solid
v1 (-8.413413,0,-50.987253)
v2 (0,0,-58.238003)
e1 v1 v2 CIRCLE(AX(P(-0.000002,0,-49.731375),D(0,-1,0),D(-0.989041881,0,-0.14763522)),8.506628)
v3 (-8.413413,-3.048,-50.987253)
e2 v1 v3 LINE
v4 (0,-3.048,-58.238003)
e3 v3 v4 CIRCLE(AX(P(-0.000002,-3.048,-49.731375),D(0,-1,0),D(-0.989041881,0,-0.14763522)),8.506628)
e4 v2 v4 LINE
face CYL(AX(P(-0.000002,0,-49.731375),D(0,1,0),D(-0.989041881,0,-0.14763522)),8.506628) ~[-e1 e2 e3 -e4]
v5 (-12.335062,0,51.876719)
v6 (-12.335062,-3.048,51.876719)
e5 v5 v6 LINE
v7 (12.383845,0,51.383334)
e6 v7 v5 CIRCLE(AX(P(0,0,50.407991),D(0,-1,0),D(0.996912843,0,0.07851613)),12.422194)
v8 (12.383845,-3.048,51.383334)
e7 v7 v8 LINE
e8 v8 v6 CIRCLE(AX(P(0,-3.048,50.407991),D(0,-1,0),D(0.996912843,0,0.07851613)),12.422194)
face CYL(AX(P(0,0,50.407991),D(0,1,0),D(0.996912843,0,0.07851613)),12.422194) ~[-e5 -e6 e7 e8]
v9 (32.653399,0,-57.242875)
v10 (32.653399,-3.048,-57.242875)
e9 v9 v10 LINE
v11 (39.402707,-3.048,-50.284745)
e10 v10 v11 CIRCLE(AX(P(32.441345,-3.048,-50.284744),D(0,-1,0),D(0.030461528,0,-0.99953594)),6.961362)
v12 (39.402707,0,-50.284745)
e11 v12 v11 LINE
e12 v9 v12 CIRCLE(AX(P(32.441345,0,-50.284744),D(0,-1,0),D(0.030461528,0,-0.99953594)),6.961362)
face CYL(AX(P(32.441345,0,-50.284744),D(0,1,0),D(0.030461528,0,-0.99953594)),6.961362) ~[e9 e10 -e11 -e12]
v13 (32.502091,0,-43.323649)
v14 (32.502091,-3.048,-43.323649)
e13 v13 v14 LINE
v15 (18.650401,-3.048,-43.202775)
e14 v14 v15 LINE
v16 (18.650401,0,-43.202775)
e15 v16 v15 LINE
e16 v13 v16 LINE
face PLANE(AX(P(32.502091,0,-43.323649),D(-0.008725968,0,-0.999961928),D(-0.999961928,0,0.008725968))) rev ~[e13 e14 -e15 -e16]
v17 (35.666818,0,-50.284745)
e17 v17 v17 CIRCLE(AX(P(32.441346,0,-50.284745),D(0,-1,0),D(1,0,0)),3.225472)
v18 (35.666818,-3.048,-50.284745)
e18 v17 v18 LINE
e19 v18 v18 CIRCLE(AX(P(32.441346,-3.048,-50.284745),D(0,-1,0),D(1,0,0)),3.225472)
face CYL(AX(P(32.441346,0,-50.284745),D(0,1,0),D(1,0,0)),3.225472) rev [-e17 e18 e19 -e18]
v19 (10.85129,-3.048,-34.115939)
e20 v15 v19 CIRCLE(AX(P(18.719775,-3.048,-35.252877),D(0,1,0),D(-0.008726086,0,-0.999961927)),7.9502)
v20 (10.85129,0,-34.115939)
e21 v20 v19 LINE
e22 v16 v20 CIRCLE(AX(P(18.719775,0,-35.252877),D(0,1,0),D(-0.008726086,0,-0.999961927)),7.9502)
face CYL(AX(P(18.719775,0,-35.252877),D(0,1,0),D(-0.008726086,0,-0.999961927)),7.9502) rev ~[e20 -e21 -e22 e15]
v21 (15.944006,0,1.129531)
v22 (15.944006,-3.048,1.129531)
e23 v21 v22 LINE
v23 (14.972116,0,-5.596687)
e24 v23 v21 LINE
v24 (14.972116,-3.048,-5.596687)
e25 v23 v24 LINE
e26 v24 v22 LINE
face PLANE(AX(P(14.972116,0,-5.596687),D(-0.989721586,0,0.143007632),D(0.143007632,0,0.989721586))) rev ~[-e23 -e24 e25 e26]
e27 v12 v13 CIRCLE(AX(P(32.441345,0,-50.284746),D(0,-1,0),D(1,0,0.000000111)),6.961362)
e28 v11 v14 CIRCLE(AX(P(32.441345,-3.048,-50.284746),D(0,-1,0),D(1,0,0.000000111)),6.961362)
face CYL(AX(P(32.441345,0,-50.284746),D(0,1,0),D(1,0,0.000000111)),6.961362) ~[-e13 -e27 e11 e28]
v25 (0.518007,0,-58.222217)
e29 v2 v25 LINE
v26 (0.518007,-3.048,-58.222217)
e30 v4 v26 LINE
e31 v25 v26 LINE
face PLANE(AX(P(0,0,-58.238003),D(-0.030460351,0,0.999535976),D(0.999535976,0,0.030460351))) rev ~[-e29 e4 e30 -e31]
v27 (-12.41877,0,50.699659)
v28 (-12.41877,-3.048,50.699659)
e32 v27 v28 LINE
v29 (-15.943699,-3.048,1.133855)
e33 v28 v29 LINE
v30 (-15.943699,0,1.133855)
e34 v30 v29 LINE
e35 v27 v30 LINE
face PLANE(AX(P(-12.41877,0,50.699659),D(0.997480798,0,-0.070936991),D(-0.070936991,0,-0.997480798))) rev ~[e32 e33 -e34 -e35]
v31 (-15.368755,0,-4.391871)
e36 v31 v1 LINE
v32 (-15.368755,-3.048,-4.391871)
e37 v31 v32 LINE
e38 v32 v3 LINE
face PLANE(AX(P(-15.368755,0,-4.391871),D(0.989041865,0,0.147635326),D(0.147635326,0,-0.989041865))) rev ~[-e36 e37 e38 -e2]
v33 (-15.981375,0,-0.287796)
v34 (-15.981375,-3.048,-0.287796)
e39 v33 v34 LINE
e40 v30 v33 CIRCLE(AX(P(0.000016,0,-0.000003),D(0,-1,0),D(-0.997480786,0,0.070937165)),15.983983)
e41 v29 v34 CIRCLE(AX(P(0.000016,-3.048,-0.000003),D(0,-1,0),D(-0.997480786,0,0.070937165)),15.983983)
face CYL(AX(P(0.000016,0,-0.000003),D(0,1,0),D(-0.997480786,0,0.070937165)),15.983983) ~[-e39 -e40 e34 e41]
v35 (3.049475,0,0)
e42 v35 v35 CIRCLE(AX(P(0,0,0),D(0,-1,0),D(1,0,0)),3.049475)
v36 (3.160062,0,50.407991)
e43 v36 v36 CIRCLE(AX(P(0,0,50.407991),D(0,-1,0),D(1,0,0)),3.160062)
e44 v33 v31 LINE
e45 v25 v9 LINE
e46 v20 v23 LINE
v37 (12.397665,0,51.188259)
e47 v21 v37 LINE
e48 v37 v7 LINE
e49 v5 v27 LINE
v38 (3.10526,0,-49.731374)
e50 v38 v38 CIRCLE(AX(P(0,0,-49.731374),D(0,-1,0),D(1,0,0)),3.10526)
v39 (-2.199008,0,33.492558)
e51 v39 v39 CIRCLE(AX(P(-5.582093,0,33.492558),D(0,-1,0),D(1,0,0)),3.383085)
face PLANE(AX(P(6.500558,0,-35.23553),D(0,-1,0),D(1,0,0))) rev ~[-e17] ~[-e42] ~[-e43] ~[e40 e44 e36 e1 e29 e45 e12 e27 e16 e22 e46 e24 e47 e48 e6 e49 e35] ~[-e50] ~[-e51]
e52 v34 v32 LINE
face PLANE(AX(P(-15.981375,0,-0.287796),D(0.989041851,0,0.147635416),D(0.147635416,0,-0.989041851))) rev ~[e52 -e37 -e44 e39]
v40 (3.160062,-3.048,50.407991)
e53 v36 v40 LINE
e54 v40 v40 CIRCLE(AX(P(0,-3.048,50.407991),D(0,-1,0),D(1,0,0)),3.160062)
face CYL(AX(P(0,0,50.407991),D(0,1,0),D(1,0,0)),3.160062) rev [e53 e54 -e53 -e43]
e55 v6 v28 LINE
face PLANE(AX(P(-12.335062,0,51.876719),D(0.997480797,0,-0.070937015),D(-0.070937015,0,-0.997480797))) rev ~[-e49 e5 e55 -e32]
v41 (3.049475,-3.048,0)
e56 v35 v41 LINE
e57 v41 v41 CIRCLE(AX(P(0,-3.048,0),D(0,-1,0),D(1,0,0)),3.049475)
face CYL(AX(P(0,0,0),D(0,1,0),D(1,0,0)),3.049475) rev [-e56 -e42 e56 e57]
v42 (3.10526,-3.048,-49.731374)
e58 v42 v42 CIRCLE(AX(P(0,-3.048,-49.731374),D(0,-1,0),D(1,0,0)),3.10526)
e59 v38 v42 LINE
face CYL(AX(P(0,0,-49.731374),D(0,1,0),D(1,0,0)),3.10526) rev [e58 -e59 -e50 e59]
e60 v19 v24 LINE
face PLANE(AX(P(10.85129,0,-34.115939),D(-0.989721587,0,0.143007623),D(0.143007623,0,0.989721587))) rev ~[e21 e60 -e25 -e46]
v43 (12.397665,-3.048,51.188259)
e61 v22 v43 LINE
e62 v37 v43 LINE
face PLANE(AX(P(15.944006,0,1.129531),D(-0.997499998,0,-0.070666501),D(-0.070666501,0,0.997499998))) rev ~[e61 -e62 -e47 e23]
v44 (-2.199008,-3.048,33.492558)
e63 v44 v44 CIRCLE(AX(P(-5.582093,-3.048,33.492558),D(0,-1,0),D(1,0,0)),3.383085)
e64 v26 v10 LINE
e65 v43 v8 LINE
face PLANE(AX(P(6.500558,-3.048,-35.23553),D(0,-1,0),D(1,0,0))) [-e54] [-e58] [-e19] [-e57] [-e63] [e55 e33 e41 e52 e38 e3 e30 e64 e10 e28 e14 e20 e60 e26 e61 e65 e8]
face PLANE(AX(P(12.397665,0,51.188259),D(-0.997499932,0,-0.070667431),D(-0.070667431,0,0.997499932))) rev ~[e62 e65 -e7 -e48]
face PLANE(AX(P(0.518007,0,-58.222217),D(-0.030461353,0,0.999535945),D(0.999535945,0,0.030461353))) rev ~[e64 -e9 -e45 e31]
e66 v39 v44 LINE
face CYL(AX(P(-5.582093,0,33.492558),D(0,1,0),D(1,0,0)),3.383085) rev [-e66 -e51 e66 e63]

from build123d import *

# Parameters (mm, degrees)
F0_R     = 3.383085
F0_R_2   = 3.160062
F0_R_3   = 3.049475
F0_R_4   = 3.225472
F0_R_5   = 3.10526
F1_DEPTH = 3.048


with BuildPart() as f1:
    # F0 (on Front) → F1 (new body)
    with BuildSketch(Plane.XZ):
        with BuildLine():
            Line((10.85129, -34.115939), (14.972116, -5.596687))
            ThreePointArc((14.972116, -5.596687), (-0.634213, -15.971379), (-15.368755, -4.391871))
            Line((-15.368755, -4.391871), (-8.413413, -50.987253))
            ThreePointArc((-8.413413, -50.987253), (-0.629667, -41.24808), (8.50663, -49.731374))
            ThreePointArc((8.50663, -49.731374), (6.195532, -55.56045), (0.518007, -58.222217))
            Line((0.518007, -58.222217), (32.653399, -57.242875))
            ThreePointArc((32.653399, -57.242875), (25.480397, -50.360413), (32.502091, -43.323649))
            Line((32.502091, -43.323649), (18.650401, -43.202775))
            ThreePointArc((18.650401, -43.202775), (12.686944, -40.430776), (10.85129, -34.115939))
        make_face()
        with BuildLine():
            ThreePointArc((-15.943699, 1.133855), (0.002167, 15.983966), (15.944006, 1.129531))
            Line((15.944006, 1.129531), (12.397665, 51.188259))
            ThreePointArc((12.397665, 51.188259), (12.416061, 50.798318), (12.422194, 50.407991))
            ThreePointArc((12.422194, 50.407991), (-0.145844, 37.986653), (-12.41877, 50.699659))
            Line((-12.41877, 50.699659), (-15.943699, 1.133855))
        make_face()
        with Locations((-5.582093, 33.492558)):
            Circle(F0_R, mode=Mode.SUBTRACT)
        with BuildLine():
            ThreePointArc((12.422194, 50.407991), (12.416061, 50.798318), (12.397665, 51.188259))
            Line((12.397665, 51.188259), (12.383845, 51.383334))
            ThreePointArc((12.383845, 51.383334), (0.247896, 62.827712), (-12.335062, 51.876719))
            Line((-12.335062, 51.876719), (-12.41877, 50.699659))
            ThreePointArc((-12.41877, 50.699659), (-0.145844, 37.986653), (12.422194, 50.407991))
        make_face()
        with Locations((0, 50.407991)):
            Circle(F0_R_2, mode=Mode.SUBTRACT)
        with BuildLine():
            Line((14.972116, -5.596687), (15.944006, 1.129531))
            ThreePointArc((15.944006, 1.129531), (0.002167, 15.983966), (-15.943699, 1.133855))
            ThreePointArc((-15.943699, 1.133855), (-15.978356, 0.423448), (-15.981375, -0.287796))
            Line((-15.981375, -0.287796), (-15.368755, -4.391871))
            ThreePointArc((-15.368755, -4.391871), (-0.634213, -15.971379), (14.972116, -5.596687))
        make_face()
        Circle(F0_R_3, mode=Mode.SUBTRACT)
        with BuildLine():
            ThreePointArc((39.402707, -50.284745), (37.385201, -45.383843), (32.502091, -43.323649))
            ThreePointArc((32.502091, -43.323649), (25.480397, -50.360413), (32.653399, -57.242875))
            ThreePointArc((32.653399, -57.242875), (37.438181, -55.131618), (39.402707, -50.284745))
        make_face()
        with Locations((32.441346, -50.284745)):
            Circle(F0_R_4, mode=Mode.SUBTRACT)
        with BuildLine():
            ThreePointArc((8.50663, -49.731374), (-0.629667, -41.24808), (-8.413413, -50.987253))
            ThreePointArc((-8.413413, -50.987253), (-5.553353, -56.17521), (0, -58.238003))
            Line((0, -58.238003), (0.518007, -58.222217))
            ThreePointArc((0.518007, -58.222217), (6.195532, -55.56045), (8.50663, -49.731374))
        make_face()
        with Locations((0, -49.731374)):
            Circle(F0_R_5, mode=Mode.SUBTRACT)
    extrude(amount=F1_DEPTH)


solid = f1.part
